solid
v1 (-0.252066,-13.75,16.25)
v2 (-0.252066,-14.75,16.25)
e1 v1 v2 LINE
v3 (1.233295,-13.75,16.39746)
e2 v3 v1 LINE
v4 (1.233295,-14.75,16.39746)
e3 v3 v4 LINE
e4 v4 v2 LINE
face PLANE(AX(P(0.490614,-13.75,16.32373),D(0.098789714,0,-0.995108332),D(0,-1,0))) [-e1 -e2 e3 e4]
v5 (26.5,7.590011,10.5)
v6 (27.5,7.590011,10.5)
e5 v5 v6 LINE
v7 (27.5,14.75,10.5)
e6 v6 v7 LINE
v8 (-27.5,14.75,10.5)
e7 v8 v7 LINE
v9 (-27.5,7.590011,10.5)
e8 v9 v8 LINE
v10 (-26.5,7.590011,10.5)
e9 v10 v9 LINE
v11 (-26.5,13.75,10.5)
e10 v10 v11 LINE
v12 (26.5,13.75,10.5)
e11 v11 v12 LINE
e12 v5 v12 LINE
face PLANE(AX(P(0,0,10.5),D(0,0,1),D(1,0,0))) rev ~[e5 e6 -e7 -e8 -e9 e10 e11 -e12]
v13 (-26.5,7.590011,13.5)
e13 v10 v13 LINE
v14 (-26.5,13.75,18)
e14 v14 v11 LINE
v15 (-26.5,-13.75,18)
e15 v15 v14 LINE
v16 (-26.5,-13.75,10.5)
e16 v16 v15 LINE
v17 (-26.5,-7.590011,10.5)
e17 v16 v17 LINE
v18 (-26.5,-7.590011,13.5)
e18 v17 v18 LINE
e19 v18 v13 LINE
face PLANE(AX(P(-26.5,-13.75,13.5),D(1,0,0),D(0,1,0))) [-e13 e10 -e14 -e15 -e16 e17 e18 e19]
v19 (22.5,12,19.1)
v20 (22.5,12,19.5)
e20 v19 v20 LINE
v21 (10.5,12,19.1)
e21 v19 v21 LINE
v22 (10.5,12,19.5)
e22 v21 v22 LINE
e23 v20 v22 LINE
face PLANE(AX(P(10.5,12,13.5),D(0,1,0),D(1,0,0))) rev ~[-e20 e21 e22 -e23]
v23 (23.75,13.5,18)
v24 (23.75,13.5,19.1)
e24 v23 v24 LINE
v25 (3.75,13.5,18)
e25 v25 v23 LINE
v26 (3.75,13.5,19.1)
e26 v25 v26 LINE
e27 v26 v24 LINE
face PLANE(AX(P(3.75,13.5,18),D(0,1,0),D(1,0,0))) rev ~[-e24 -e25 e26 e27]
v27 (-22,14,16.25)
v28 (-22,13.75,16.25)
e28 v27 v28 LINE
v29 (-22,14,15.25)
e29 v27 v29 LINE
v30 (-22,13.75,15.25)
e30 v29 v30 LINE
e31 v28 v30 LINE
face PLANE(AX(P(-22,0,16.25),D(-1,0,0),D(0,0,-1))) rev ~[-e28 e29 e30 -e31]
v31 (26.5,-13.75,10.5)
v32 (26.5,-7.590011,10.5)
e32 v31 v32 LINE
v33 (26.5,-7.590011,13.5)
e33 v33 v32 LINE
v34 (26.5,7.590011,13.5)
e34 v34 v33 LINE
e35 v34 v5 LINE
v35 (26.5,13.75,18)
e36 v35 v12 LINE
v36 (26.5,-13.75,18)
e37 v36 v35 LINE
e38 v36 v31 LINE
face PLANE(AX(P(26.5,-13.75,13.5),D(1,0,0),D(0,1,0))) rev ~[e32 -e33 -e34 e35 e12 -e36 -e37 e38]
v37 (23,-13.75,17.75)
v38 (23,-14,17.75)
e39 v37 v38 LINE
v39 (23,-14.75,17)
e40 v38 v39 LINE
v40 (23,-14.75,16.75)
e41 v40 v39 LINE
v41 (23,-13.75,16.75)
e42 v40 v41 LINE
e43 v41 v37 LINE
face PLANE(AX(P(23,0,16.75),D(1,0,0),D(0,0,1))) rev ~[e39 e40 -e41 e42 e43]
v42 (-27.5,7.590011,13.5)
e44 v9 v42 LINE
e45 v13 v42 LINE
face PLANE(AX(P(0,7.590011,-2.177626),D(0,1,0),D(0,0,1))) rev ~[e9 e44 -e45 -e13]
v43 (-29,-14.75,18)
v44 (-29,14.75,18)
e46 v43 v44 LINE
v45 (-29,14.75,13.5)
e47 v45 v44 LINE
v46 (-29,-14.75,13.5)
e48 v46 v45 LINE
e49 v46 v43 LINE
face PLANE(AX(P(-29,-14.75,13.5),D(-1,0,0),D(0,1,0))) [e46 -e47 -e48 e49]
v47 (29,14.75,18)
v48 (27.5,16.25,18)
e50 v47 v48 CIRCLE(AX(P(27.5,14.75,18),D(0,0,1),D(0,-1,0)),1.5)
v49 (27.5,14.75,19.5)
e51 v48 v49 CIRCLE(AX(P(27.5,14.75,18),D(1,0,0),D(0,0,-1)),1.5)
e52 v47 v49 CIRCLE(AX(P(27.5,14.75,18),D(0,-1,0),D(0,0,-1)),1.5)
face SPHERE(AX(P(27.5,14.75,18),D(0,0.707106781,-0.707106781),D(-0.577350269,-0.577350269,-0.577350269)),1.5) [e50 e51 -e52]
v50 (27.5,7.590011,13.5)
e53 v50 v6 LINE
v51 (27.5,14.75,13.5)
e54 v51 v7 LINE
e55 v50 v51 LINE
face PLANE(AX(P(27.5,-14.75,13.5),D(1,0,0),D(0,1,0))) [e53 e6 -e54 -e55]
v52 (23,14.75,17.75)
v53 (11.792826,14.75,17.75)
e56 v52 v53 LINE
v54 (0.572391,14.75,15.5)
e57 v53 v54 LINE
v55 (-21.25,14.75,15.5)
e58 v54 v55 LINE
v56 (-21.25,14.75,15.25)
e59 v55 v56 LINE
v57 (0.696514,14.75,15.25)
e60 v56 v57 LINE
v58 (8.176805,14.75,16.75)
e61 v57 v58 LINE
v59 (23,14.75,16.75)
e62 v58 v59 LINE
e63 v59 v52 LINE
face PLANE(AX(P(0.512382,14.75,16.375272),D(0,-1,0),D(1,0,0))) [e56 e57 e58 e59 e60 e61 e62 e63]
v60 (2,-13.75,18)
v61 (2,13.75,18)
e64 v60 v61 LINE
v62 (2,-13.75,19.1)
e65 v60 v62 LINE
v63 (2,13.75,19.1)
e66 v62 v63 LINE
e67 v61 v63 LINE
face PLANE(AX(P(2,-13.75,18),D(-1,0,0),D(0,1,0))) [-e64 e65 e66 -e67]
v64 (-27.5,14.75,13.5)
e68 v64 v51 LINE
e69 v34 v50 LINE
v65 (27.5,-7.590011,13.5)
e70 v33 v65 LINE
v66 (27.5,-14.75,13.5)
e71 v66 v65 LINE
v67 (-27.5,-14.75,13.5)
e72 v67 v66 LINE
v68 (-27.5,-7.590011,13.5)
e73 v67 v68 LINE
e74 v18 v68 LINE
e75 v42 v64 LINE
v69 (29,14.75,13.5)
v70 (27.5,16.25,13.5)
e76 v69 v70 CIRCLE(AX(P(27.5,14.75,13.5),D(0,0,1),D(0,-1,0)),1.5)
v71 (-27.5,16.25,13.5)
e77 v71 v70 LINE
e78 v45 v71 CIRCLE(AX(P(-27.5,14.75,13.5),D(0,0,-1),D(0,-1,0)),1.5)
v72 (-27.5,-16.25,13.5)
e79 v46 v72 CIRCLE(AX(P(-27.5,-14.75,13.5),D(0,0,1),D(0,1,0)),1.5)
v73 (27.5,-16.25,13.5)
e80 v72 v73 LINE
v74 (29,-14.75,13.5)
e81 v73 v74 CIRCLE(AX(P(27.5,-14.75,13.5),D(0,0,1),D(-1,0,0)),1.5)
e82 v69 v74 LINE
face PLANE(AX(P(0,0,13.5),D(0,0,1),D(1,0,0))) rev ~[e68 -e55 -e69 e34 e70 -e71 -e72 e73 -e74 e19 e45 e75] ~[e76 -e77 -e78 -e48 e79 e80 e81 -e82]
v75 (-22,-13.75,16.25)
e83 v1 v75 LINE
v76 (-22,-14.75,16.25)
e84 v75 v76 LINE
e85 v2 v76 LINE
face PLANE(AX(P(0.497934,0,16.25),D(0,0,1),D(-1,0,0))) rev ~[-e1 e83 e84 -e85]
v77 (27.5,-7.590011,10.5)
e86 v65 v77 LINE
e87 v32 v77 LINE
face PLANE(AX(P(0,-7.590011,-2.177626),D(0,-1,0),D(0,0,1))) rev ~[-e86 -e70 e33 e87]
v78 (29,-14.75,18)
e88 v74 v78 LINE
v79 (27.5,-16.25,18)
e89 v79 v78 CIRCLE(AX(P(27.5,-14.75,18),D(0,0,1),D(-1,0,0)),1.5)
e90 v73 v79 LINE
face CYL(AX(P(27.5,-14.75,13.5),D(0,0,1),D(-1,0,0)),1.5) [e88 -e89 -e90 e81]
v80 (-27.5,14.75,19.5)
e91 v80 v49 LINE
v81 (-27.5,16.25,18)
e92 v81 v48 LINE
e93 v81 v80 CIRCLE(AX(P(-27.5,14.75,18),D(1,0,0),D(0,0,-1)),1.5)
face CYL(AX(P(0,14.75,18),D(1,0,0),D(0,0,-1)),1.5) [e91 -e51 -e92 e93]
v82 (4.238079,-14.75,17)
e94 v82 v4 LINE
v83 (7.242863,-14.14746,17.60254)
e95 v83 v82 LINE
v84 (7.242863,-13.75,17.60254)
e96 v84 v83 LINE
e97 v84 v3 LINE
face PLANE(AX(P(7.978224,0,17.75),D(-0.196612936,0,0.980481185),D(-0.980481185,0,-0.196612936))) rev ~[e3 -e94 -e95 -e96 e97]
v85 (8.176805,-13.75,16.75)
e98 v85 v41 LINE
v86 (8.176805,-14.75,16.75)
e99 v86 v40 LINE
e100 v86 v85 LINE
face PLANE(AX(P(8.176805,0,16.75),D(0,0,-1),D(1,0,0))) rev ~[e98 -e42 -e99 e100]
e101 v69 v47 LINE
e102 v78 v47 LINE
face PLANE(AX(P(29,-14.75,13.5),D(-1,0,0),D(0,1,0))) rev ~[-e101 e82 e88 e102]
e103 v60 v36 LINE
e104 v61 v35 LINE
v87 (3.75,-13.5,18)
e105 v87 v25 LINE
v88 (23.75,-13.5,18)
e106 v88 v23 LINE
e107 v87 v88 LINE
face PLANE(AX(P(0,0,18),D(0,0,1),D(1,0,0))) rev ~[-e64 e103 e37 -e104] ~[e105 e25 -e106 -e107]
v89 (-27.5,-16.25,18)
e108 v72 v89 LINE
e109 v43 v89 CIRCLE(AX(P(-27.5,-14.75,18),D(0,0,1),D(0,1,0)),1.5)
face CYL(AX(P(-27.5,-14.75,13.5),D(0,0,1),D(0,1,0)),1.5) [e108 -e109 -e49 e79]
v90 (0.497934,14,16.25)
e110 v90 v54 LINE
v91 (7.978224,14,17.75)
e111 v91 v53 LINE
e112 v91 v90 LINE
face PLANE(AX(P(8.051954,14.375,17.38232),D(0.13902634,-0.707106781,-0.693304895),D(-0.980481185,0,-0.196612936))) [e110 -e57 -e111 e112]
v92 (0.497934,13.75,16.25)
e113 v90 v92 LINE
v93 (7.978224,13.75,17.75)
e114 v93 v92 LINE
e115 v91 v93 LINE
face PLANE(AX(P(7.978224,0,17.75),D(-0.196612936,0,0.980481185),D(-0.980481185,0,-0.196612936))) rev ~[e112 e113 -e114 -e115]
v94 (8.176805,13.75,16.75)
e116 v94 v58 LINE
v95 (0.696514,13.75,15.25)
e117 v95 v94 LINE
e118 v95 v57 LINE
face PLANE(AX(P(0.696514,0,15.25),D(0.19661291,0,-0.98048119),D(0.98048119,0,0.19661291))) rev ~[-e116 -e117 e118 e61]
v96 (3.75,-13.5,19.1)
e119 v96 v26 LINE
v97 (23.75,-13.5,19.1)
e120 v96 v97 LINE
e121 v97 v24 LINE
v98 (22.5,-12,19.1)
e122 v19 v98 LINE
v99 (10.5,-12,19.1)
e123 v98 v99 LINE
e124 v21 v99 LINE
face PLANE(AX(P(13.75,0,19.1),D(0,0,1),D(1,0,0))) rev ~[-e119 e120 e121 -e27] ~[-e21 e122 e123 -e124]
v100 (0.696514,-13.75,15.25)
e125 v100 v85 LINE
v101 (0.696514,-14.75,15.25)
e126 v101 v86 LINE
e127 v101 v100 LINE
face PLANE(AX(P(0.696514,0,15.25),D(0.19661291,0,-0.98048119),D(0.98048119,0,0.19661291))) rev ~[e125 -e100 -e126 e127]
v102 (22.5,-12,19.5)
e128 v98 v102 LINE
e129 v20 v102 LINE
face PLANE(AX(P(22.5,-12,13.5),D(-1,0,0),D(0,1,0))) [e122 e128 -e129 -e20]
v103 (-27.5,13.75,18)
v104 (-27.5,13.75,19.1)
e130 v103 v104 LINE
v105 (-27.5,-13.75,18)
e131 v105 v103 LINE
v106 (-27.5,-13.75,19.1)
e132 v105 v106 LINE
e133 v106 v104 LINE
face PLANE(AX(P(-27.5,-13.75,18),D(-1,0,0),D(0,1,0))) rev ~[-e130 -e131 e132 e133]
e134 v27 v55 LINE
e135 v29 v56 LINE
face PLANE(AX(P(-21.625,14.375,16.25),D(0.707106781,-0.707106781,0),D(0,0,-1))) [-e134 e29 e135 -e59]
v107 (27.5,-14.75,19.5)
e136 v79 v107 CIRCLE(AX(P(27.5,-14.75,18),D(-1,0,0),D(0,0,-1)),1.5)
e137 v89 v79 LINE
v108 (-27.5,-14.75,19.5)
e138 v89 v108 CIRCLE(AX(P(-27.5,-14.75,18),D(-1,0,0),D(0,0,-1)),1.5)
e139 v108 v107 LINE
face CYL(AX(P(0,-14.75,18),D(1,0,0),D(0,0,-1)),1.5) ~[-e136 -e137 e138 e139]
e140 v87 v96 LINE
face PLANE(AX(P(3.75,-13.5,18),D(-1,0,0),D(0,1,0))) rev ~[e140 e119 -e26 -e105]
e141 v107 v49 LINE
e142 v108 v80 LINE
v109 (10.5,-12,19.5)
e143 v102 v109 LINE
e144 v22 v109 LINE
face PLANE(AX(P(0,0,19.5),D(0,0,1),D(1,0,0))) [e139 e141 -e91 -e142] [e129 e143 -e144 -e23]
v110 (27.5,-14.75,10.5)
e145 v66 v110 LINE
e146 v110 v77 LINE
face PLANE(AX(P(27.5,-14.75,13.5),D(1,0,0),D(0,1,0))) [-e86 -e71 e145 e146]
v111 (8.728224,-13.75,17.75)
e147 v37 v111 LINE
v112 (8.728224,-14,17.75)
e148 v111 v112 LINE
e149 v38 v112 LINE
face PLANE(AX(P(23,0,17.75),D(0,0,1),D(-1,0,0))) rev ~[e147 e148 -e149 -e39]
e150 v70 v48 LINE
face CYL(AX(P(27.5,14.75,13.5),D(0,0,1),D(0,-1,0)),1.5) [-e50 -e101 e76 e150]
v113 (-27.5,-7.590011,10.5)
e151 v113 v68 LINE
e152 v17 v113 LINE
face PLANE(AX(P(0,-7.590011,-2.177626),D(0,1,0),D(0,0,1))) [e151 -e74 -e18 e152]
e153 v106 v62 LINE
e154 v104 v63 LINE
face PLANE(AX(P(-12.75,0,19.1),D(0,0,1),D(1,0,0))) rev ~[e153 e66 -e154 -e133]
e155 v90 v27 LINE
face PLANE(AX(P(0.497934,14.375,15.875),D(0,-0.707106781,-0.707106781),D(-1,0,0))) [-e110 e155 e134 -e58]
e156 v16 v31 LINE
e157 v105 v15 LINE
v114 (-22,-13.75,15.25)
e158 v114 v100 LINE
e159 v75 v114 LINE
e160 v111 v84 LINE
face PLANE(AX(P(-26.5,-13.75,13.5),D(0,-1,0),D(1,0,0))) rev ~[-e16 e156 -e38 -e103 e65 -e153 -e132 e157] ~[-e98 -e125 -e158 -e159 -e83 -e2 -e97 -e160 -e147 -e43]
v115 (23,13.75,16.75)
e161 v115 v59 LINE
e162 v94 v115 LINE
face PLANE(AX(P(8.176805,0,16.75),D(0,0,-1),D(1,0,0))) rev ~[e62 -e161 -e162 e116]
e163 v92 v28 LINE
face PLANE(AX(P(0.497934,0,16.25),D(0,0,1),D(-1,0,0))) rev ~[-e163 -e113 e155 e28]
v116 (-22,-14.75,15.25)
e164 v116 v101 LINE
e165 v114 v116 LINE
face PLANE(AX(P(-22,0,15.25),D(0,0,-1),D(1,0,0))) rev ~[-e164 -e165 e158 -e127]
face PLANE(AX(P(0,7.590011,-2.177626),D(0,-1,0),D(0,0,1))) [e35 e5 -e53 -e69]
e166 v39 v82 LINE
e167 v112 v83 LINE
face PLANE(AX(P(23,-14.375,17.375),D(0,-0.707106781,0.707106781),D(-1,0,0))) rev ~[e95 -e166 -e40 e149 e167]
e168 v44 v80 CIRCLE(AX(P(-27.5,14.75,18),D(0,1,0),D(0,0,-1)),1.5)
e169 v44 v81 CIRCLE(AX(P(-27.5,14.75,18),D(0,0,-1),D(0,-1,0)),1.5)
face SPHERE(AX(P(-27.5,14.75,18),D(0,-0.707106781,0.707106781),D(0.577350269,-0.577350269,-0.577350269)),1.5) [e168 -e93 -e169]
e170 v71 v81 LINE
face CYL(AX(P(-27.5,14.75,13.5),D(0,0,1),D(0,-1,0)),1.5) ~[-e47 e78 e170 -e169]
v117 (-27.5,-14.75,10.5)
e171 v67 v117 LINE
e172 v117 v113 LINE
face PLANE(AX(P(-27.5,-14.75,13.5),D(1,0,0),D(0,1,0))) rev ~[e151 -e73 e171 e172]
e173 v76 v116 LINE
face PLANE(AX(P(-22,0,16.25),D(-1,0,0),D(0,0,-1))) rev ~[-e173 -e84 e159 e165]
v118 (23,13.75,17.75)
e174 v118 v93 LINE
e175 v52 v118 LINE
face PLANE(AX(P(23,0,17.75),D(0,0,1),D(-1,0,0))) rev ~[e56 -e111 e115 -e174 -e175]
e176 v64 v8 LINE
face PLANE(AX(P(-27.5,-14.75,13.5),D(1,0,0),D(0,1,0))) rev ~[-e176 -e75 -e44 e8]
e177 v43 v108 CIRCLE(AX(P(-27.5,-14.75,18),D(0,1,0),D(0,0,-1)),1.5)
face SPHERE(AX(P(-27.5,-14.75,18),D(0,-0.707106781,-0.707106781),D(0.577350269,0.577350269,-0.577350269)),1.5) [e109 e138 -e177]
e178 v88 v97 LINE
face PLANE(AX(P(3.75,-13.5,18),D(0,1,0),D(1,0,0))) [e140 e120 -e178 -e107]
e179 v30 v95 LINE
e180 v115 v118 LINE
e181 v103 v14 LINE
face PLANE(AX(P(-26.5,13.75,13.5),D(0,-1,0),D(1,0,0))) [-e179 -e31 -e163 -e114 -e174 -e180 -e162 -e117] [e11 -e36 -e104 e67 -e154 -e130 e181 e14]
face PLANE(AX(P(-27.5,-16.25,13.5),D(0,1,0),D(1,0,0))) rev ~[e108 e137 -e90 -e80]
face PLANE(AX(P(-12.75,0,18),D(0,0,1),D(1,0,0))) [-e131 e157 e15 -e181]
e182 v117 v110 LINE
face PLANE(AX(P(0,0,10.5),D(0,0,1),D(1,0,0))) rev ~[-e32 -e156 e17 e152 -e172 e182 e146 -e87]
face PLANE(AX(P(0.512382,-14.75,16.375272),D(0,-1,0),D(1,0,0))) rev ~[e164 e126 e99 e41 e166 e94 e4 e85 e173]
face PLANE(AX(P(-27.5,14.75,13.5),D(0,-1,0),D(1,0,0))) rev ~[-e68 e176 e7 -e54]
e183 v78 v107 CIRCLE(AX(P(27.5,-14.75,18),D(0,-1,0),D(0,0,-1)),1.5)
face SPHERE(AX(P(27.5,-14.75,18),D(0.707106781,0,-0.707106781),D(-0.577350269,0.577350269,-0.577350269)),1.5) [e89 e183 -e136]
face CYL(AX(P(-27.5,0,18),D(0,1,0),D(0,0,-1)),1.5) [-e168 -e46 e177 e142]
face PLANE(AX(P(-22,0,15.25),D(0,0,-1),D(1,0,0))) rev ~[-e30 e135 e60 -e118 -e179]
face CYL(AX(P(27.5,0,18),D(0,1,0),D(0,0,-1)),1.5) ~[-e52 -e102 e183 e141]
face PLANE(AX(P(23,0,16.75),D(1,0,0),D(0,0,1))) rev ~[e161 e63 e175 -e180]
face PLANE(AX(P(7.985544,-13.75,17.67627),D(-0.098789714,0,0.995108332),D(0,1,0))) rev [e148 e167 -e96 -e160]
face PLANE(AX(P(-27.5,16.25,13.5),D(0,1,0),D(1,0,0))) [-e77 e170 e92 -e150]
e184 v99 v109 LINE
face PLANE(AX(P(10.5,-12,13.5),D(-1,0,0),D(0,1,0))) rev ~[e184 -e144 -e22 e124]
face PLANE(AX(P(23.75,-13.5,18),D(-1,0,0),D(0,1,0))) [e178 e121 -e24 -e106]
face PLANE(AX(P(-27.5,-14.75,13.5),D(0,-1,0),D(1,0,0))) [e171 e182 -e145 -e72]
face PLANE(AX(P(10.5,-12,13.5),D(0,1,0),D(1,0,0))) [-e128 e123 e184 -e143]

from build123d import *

# Parameters (mm, degrees)
SKETCH038_W          = 55
SKETCH038_H          = 29.5
PAD009_DEPTH         = 4.5
THICKNESS003_T       = 1.5
SKETCH039_W          = 55
SKETCH039_H          = 29.5
SKETCH039_W_2        = 53
SKETCH039_H_2        = 27.5
PAD010_DEPTH         = 4.5
PAD010_DEPTH_BACK    = 3
SKETCH040_W          = 15.180022
SKETCH040_H          = 15.677626
POCKET024_DEPTH      = 29.001
POCKET024_DEPTH_BACK = 29.001
SKETCH043_W          = 20
SKETCH043_H          = 27
SKETCH043_W_2        = 29.5
SKETCH043_H_2        = 27.5
POCKET026_DEPTH      = 1.1
SKETCH042_W          = 12
SKETCH042_H          = 24
POCKET029_DEPTH      = 6.001
POCKET030_DEPTH      = 14.75
CHAMFER006_SIZE      = 0.75


with BuildPart() as part:
    # Sketch038 → Pad009 (new body)
    with BuildSketch(Plane.XY):
        Rectangle(SKETCH038_W, SKETCH038_H)
    extrude(amount=PAD009_DEPTH)

    # Thickness003
    thickness003_openings = [part.faces().sort_by_distance(p)[0] for p in [
        (0, 0, 0),
    ]]
    offset(amount=THICKNESS003_T, openings=thickness003_openings)

    # Sketch039 → Pad010 (join, two sides)
    with BuildSketch(Plane.XY) as pad010_sk:
        Rectangle(SKETCH039_W, SKETCH039_H)
        Rectangle(SKETCH039_W_2, SKETCH039_H_2, mode=Mode.SUBTRACT)
    extrude(amount=PAD010_DEPTH)
    extrude(pad010_sk.sketch, amount=-PAD010_DEPTH_BACK)

    # Sketch040 → Pocket024 (cut, two sides)
    with BuildSketch(Plane.YZ) as pocket024_sk:
        with Locations((0, -7.838813)):
            Rectangle(SKETCH040_W, SKETCH040_H)
    extrude(amount=POCKET024_DEPTH, mode=Mode.SUBTRACT)
    extrude(pocket024_sk.sketch, amount=-POCKET024_DEPTH_BACK, mode=Mode.SUBTRACT)

    # Sketch043 → Pocket026 (cut)
    with BuildSketch(Plane.XY.offset(4.5)):
        with Locations((13.75, 0)):
            Rectangle(SKETCH043_W, SKETCH043_H)
        with Locations((-12.75, 0)):
            Rectangle(SKETCH043_W_2, SKETCH043_H_2)
    extrude(amount=POCKET026_DEPTH, mode=Mode.SUBTRACT)

    # Sketch042 → Pocket029 (cut, through all)
    with BuildSketch(Plane.XY):
        with Locations((16.5, 0)):
            Rectangle(SKETCH042_W, SKETCH042_H)
    extrude(amount=POCKET029_DEPTH, mode=Mode.SUBTRACT)

    # Sketch051 → Pocket030 (cut, symmetric)
    with BuildSketch(Plane.XZ):
        Polygon((23, 3.25), (23, 4.25), (7.978224, 4.25), (0.497934, 2.75), (-22, 2.75), (-22, 1.75), (0.696514, 1.75), (8.176805, 3.25), align=None)
    extrude(amount=POCKET030_DEPTH, both=True, mode=Mode.SUBTRACT)

    # Chamfer006
    chamfer006_edges = [part.edges().sort_by_distance(p)[0] for p in [
        (0.497934, -14.25, 2.75),
        (-22, 14.75, 2.25),
        (-10.751033, 14.75, 2.75),
        (4.238079, 14.75, 3.5),
        (7.978224, -14.25, 4.25),
        (15.489112, -14.75, 4.25),
    ]]
    chamfer(chamfer006_edges, length=CHAMFER006_SIZE)


with BuildPart() as part_1:
    # Body004 placement: moved
    add(part.part.moved(Location((0, 0, 13.5))))


solid = part_1.part
